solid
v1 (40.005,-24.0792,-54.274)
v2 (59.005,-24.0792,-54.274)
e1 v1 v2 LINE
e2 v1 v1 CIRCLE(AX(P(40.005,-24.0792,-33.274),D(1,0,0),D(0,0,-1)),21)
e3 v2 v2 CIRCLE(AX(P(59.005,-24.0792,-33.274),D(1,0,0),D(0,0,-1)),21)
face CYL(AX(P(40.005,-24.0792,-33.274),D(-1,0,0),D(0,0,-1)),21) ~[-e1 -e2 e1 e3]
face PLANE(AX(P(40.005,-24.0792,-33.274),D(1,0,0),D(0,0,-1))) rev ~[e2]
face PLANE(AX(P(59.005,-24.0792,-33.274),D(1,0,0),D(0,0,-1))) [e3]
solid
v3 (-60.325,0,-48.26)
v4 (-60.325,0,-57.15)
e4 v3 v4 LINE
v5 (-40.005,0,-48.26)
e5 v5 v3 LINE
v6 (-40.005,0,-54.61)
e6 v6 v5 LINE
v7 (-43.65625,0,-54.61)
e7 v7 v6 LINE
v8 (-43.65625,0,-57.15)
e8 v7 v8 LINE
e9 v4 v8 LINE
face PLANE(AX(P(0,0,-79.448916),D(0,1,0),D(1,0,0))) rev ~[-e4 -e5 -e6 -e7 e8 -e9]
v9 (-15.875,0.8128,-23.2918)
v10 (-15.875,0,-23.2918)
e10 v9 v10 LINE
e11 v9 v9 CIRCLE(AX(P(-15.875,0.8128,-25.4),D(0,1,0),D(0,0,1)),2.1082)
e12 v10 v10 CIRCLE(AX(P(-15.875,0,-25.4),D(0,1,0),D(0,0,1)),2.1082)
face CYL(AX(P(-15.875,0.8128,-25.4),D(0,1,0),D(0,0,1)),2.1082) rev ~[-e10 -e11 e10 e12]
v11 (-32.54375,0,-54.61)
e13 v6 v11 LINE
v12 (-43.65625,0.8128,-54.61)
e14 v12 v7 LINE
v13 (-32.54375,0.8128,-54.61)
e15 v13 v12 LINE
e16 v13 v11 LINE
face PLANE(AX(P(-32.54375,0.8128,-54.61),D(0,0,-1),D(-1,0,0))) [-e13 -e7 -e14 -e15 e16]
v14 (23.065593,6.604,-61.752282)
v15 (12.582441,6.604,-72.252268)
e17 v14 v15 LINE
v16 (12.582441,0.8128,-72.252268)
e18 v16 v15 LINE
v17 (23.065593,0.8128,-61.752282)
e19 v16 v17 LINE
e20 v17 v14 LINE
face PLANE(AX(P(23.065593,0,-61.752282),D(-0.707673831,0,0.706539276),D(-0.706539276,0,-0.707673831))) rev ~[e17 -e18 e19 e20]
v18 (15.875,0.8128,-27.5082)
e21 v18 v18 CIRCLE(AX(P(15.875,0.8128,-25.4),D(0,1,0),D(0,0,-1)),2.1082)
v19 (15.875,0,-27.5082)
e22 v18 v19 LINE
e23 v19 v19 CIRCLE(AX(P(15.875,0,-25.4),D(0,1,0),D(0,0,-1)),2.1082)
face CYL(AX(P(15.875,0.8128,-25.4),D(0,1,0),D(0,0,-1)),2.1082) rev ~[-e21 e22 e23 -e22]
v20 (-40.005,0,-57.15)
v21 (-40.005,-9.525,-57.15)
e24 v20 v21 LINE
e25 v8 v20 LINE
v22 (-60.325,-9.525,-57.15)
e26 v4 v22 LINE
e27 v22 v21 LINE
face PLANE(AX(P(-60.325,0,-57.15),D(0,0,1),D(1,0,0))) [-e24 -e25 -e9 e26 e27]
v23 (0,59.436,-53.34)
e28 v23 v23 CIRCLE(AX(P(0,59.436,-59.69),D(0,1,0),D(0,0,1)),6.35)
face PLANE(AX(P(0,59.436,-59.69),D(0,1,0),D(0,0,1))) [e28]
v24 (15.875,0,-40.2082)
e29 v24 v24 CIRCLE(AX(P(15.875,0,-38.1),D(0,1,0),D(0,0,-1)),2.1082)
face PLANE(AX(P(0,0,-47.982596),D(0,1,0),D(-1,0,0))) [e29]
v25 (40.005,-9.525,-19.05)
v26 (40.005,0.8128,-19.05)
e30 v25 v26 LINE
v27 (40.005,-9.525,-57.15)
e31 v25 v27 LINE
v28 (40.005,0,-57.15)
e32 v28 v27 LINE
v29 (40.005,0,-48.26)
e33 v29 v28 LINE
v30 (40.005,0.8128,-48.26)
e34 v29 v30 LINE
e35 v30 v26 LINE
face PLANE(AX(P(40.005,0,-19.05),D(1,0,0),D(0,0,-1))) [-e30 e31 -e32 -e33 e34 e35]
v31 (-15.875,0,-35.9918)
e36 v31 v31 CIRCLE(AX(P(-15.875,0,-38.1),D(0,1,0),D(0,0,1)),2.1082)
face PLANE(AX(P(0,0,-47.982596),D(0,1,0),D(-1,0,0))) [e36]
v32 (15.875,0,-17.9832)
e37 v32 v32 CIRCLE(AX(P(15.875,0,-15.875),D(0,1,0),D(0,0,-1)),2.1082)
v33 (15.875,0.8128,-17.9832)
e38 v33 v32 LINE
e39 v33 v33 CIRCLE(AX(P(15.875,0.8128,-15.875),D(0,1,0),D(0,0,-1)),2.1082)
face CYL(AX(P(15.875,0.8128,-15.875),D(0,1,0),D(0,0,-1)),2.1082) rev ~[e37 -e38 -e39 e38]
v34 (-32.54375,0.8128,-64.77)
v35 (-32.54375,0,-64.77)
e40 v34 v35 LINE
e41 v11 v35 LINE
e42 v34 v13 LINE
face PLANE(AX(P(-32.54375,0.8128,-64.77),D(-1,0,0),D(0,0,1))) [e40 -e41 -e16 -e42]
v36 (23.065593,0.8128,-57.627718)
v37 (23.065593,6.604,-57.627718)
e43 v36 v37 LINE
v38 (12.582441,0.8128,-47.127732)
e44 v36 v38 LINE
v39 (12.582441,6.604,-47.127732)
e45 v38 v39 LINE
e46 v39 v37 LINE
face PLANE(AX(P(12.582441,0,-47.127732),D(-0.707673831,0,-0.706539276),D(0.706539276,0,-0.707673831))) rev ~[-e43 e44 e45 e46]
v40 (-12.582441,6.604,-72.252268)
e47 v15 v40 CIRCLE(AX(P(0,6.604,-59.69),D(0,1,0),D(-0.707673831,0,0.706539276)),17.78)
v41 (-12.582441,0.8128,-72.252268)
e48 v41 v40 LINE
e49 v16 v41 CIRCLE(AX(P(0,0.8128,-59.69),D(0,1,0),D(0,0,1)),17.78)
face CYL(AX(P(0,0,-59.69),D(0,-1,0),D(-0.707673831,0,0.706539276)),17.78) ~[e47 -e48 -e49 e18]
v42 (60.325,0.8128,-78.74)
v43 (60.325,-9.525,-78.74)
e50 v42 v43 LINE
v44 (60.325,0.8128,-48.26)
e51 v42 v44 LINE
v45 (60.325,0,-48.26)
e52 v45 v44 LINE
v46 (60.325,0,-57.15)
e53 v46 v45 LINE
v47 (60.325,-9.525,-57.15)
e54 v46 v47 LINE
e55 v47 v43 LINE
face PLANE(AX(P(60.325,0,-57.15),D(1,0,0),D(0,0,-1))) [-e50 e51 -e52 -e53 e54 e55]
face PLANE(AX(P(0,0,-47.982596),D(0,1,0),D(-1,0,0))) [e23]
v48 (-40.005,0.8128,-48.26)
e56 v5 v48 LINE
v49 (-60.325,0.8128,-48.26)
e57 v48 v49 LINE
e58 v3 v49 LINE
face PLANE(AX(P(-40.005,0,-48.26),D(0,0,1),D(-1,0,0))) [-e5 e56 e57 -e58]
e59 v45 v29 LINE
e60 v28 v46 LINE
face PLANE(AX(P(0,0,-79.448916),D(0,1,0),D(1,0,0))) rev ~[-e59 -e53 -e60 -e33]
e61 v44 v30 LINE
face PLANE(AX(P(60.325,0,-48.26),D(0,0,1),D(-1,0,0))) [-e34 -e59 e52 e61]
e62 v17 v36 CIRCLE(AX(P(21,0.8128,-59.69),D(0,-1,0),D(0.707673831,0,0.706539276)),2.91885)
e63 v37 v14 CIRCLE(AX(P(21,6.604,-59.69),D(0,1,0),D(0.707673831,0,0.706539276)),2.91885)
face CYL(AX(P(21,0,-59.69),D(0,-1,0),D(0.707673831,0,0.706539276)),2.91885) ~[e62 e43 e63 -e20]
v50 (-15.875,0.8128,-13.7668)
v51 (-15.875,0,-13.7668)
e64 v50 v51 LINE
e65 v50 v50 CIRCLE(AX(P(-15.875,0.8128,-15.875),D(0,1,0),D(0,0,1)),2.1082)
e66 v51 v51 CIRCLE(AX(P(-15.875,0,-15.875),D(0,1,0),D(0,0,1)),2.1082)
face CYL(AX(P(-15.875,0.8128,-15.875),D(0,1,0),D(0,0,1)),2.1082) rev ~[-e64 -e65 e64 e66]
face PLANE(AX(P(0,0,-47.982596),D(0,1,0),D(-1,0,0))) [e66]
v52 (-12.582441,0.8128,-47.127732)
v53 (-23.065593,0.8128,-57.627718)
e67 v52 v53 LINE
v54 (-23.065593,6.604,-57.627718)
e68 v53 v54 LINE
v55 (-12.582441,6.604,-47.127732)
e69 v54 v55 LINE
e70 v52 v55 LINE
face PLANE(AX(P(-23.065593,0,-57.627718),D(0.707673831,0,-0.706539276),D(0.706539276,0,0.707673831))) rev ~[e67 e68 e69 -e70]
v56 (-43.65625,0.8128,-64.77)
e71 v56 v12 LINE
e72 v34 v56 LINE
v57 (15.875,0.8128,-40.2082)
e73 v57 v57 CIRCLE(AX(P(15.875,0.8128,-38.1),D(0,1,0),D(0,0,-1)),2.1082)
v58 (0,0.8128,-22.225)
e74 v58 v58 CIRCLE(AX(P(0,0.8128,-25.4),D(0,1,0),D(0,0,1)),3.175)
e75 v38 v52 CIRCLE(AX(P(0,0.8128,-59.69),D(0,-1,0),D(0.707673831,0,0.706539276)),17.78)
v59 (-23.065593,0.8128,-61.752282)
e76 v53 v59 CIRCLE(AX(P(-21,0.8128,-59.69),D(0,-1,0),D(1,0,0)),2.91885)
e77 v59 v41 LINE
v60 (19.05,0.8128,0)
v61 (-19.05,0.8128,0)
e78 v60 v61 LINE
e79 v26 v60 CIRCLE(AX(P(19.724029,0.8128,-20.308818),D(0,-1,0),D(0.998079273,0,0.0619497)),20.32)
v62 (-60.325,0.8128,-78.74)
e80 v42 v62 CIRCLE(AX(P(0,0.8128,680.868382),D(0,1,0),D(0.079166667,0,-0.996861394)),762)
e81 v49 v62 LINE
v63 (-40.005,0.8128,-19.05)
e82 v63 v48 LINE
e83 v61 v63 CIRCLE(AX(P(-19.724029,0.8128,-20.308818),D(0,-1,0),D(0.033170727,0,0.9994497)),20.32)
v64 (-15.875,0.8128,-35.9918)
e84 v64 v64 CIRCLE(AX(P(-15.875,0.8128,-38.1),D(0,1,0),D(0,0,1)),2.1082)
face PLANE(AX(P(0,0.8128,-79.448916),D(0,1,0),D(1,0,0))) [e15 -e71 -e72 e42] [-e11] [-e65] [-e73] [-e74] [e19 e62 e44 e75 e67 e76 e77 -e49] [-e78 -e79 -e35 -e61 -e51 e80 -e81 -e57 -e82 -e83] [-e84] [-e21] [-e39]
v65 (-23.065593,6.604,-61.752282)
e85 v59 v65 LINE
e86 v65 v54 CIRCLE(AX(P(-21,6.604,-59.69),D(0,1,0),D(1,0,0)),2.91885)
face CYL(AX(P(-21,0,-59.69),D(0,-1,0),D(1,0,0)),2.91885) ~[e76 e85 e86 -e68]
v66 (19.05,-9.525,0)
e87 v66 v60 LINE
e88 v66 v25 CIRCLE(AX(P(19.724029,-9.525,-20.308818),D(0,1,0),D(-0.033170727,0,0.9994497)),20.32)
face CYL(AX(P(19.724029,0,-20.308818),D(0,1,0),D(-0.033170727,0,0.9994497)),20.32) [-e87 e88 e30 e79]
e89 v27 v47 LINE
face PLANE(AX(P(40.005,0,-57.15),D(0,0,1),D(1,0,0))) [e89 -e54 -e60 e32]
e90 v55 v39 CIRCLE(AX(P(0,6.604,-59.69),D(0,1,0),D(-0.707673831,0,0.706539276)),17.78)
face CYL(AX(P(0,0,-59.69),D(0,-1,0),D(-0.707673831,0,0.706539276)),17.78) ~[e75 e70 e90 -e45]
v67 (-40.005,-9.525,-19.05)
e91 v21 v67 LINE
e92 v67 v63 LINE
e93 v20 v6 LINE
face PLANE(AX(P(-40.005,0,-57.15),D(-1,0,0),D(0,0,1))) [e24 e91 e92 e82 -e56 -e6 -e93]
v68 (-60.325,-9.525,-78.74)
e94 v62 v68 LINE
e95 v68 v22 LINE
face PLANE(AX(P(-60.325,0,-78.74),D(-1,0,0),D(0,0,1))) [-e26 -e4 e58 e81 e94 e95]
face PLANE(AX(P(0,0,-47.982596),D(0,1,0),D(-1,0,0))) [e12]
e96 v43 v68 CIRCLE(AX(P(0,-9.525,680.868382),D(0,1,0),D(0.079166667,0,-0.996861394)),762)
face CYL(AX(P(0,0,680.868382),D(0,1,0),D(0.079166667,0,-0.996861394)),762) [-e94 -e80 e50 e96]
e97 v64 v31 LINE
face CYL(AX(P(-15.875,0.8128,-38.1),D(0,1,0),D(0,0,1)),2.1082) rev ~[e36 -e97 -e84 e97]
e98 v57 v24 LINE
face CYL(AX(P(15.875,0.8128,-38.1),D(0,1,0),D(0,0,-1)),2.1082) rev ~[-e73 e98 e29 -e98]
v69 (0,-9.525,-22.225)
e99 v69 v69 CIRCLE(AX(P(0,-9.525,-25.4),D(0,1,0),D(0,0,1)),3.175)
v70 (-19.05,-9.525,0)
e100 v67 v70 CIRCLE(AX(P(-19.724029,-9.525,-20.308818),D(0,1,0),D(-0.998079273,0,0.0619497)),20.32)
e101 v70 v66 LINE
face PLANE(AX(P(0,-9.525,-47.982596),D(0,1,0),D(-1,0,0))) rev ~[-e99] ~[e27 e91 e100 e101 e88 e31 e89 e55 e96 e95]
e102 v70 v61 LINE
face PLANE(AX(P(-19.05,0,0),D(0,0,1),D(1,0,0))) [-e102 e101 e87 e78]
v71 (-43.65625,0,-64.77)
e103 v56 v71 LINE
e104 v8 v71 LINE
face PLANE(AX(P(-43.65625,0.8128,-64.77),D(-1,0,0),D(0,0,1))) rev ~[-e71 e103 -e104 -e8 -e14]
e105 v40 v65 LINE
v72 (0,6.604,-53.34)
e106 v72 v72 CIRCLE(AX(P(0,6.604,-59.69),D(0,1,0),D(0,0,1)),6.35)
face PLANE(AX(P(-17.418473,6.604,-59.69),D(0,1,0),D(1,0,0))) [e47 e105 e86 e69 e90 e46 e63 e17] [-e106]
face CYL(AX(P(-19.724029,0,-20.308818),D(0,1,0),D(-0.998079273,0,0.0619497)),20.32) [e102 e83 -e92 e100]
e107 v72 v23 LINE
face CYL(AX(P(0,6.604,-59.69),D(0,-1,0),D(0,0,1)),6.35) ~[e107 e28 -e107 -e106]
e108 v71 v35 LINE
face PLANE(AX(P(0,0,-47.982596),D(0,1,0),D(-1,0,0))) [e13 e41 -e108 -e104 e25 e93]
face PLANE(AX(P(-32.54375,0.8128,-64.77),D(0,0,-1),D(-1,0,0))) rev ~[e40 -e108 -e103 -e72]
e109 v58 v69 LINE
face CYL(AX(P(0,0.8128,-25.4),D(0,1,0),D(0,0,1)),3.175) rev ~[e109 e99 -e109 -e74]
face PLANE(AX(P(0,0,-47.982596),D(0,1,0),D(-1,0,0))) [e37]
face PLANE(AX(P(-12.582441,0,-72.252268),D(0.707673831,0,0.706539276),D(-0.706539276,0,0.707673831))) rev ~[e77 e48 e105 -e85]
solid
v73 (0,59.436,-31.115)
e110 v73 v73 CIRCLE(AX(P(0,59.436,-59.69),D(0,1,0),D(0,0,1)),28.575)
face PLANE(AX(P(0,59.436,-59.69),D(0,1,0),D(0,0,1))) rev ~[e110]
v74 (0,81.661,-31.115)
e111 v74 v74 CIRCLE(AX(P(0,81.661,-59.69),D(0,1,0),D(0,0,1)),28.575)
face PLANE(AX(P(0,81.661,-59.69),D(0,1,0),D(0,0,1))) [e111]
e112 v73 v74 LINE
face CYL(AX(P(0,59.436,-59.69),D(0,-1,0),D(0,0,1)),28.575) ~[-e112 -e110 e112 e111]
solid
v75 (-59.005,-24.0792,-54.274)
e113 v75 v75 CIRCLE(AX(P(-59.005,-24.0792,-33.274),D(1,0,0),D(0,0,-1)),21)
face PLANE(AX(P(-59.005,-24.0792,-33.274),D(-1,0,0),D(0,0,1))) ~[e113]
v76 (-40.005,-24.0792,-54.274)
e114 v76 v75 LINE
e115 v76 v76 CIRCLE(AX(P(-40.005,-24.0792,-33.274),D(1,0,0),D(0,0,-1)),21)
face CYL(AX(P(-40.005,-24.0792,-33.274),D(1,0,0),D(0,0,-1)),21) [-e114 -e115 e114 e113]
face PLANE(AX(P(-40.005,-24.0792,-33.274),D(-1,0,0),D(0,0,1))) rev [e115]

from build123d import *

# Parameters (mm, degrees)
EXTRUDE1_DEPTH     = 0.8128
SKETCH3_R          = 17.78
SKETCH3_R_2        = 1.651
EXTRUDE2_DEPTH     = 1.8128
SKETCH4_W          = 11.1125
SKETCH4_H          = 10.16
CUT_EXTRUDE1_DEPTH = 1.8128
SKETCH5_R          = 2.1082
EXTRUDE3_DEPTH     = 1.8128
EXTRUDE5_DEPTH     = 0.8128
EXTRUDE6_DEPTH     = 9.525
SKETCH8_R          = 2.918849546
SKETCH8_R_2        = 17.78
EXTRUDE7_DEPTH     = 6.604
SKETCH9_R          = 21
EXTRUDE8_DEPTH     = 19
SKETCH10_R         = 6.35
EXTRUDE9_DEPTH     = 52.832
SKETCH11_R         = 28.575
EXTRUDE10_DEPTH    = 22.225
SKETCH12_R         = 3.175
EXTRUDE11_DEPTH    = 46.892


with BuildPart() as part:
    # Sketch1 → Extrude1 (new body)
    with BuildSketch(Plane(origin=(0, 0, 0), x_dir=(1, 0, 0), z_dir=(0, 1, 0))):
        with BuildLine():
            Line((19.05, 0), (-19.05, 0))
            ThreePointArc((-19.05, 0), (-33.392740352, 5.273235613), (-40.005, 19.05))
            Line((-40.005, 19.05), (-40.005, 48.26))
            Line((-40.005, 48.26), (-60.325, 48.26))
            Line((-60.325, 48.26), (-60.325, 78.74))
            Line((-60.325, 78.74), (60.325, 78.74))
            Line((60.325, 78.74), (60.325, 48.26))
            Line((60.325, 48.26), (40.005, 48.26))
            Line((40.005, 48.26), (40.005, 19.05))
            ThreePointArc((40.005, 19.05), (33.392740352, 5.273235613), (19.05, 0))
        make_face()
    extrude(amount=EXTRUDE1_DEPTH)

    # Sketch3 → Extrude2 (cut, through all)
    with BuildSketch(Plane(origin=(0, 0.8128, 0), x_dir=(-1, 0, 0), z_dir=(0, 1, 0))):
        with Locations(Location((0, -59.69, 0), (0, 0, 90))):  # turned: the seam where the file's is
            Circle(SKETCH3_R)
        with Locations(Location((21, -59.69, 0), (0, 0, 90))):  # turned: the seam where the file's is
            Circle(SKETCH3_R_2)
        with Locations(Location((-21, -59.69, 0), (0, 0, 270))):  # turned: the seam where the file's is
            Circle(SKETCH3_R_2)
    extrude(amount=-EXTRUDE2_DEPTH, mode=Mode.SUBTRACT)

    # Sketch4 → Cut-Extrude1 (cut, through all)
    with BuildSketch(Plane(origin=(0, 0.8128, 0), x_dir=(-1, 0, 0), z_dir=(0, 1, 0))):
        with Locations((38.1, -59.69)):
            Rectangle(SKETCH4_W, SKETCH4_H)
    extrude(amount=-CUT_EXTRUDE1_DEPTH, mode=Mode.SUBTRACT)

    # Sketch5 → Extrude3 (cut, through all)
    with BuildSketch(Plane(origin=(0, 0.8128, 0), x_dir=(-1, 0, 0), z_dir=(0, 1, 0))):
        with Locations(Location((15.875, -38.1, 0), (0, 0, 90))):  # turned: the seam where the file's is
            Circle(SKETCH5_R)
        with Locations(Location((15.875, -25.4, 0), (0, 0, 90))):  # turned: the seam where the file's is
            Circle(SKETCH5_R)
        with Locations(Location((15.875, -15.875, 0), (0, 0, 90))):  # turned: the seam where the file's is
            Circle(SKETCH5_R)
        with Locations(Location((-15.875, -15.875, 0), (0, 0, 270))):  # turned: the seam where the file's is
            Circle(SKETCH5_R)
        with Locations(Location((-15.875, -25.4, 0), (0, 0, 270))):  # turned: the seam where the file's is
            Circle(SKETCH5_R)
        with Locations(Location((-15.875, -38.1, 0), (0, 0, 270))):  # turned: the seam where the file's is
            Circle(SKETCH5_R)
    extrude(amount=-EXTRUDE3_DEPTH, mode=Mode.SUBTRACT)

    # Sketch6 → Extrude5 (add, through all)
    with BuildSketch(Plane(origin=(0, 0.8128, 0), x_dir=(1, 0, 0), z_dir=(0, 1, 0))):
        with BuildLine():
            Line((-60.325, 78.74), (60.325, 78.74))
            ThreePointArc((60.325, 78.74), (0, 81.131617756), (-60.325, 78.74))
        make_face()
    extrude(amount=-EXTRUDE5_DEPTH)

    # Sketch7 → Extrude6 (add)
    with BuildSketch(Plane.XZ):
        with BuildLine():
            Line((-60.325, -78.74), (-60.325, -57.15))
            Line((-60.325, -57.15), (-40.005, -57.15))
            Line((-40.005, -57.15), (-40.005, -19.05))
            ThreePointArc((-40.005, -19.05), (-33.392740352, -5.273235613), (-19.05, 0))
            Line((-19.05, 0), (19.05, 0))
            ThreePointArc((19.05, 0), (33.392740352, -5.273235613), (40.005, -19.05))
            Line((40.005, -19.05), (40.005, -57.15))
            Line((40.005, -57.15), (60.325, -57.15))
            Line((60.325, -57.15), (60.325, -78.74))
            ThreePointArc((60.325, -78.74), (0, -81.131617756), (-60.325, -78.74))
        make_face()
    extrude(amount=EXTRUDE6_DEPTH)

    # Sketch8 → Extrude7 (add)
    with BuildSketch(Plane(origin=(0, 0, 0), x_dir=(1, 0, 0), z_dir=(0, 1, 0))):
        with BuildLine():
            Line((-12.582440718, 72.252268329), (-23.065593441, 61.752281845))
            ThreePointArc((-23.065593441, 61.752281845), (-19.884086429, 62.387113192), (-18.081150454, 59.69))
            ThreePointArc((-18.081150454, 59.69), (-19.884086429, 56.992886808), (-23.065593441, 57.627718155))
            Line((-23.065593441, 57.627718155), (-12.582440718, 47.127731671))
            ThreePointArc((-12.582440718, 47.127731671), (-17.78, 59.69), (-12.582440718, 72.252268329))
        make_face()
        with Locations((-21, 59.69)):
            Circle(SKETCH8_R)
        with Locations((0, 59.69)):
            Circle(SKETCH8_R_2)
        with BuildLine():
            Line((23.065593441, 61.752281845), (12.582440718, 72.252268329))
            ThreePointArc((12.582440718, 72.252268329), (16.429306071, 66.487521755), (17.78, 59.69))
            ThreePointArc((17.78, 59.69), (16.429306071, 52.892478245), (12.582440718, 47.127731671))
            Line((12.582440718, 47.127731671), (23.065593441, 57.627718155))
            ThreePointArc((23.065593441, 57.627718155), (18.081150454, 59.69), (23.065593441, 61.752281845))
        make_face()
        with Locations((21, 59.69)):
            Circle(SKETCH8_R)
    extrude(amount=EXTRUDE7_DEPTH)

    # Sketch10 → Extrude9 (add)
    with BuildSketch(Plane(origin=(0, 6.604, 0), x_dir=(-1, 0, 0), z_dir=(0, 1, 0))):
        with Locations(Location((0, -59.69, 0), (0, 0, 90))):  # turned: the seam where the file's is
            Circle(SKETCH10_R)
    extrude(amount=EXTRUDE9_DEPTH)

    # Sketch12 → Extrude11 (cut, through all)
    with BuildSketch(Plane(origin=(0, 0.8128, 0), x_dir=(-1, 0, 0), z_dir=(0, 1, 0))):
        with Locations(Location((0, -25.4, 0), (0, 0, 90))):  # turned: the seam where the file's is
            Circle(SKETCH12_R)
    extrude(amount=-EXTRUDE11_DEPTH, mode=Mode.SUBTRACT)


with BuildPart() as body_2:
    # Sketch9 → Extrude8 (new body)
    with BuildSketch(Plane(origin=(40.005, 0, 0), x_dir=(0, 0, -1), z_dir=(1, 0, 0))):
        with Locations((33.274, -24.0792)):
            Circle(SKETCH9_R)
    extrude(amount=EXTRUDE8_DEPTH)


with BuildPart() as body_3:
    # Mirror3: mirrored copy
    add(body_2.part.mirror(Plane(origin=(0, 0, 0), x_dir=(0, 0, 1), z_dir=(1, 0, 0))))


with BuildPart() as body_4:
    # Sketch11 → Extrude10 (new body)
    with BuildSketch(Plane(origin=(0, 59.436, 0), x_dir=(-1, 0, 0), z_dir=(0, 1, 0))):
        with Locations(Location((0, -59.69, 0), (0, 0, 90))):  # turned: the seam where the file's is
            Circle(SKETCH11_R)
    extrude(amount=EXTRUDE10_DEPTH)


solid = Compound([part.part, body_2.part, body_3.part, body_4.part])
